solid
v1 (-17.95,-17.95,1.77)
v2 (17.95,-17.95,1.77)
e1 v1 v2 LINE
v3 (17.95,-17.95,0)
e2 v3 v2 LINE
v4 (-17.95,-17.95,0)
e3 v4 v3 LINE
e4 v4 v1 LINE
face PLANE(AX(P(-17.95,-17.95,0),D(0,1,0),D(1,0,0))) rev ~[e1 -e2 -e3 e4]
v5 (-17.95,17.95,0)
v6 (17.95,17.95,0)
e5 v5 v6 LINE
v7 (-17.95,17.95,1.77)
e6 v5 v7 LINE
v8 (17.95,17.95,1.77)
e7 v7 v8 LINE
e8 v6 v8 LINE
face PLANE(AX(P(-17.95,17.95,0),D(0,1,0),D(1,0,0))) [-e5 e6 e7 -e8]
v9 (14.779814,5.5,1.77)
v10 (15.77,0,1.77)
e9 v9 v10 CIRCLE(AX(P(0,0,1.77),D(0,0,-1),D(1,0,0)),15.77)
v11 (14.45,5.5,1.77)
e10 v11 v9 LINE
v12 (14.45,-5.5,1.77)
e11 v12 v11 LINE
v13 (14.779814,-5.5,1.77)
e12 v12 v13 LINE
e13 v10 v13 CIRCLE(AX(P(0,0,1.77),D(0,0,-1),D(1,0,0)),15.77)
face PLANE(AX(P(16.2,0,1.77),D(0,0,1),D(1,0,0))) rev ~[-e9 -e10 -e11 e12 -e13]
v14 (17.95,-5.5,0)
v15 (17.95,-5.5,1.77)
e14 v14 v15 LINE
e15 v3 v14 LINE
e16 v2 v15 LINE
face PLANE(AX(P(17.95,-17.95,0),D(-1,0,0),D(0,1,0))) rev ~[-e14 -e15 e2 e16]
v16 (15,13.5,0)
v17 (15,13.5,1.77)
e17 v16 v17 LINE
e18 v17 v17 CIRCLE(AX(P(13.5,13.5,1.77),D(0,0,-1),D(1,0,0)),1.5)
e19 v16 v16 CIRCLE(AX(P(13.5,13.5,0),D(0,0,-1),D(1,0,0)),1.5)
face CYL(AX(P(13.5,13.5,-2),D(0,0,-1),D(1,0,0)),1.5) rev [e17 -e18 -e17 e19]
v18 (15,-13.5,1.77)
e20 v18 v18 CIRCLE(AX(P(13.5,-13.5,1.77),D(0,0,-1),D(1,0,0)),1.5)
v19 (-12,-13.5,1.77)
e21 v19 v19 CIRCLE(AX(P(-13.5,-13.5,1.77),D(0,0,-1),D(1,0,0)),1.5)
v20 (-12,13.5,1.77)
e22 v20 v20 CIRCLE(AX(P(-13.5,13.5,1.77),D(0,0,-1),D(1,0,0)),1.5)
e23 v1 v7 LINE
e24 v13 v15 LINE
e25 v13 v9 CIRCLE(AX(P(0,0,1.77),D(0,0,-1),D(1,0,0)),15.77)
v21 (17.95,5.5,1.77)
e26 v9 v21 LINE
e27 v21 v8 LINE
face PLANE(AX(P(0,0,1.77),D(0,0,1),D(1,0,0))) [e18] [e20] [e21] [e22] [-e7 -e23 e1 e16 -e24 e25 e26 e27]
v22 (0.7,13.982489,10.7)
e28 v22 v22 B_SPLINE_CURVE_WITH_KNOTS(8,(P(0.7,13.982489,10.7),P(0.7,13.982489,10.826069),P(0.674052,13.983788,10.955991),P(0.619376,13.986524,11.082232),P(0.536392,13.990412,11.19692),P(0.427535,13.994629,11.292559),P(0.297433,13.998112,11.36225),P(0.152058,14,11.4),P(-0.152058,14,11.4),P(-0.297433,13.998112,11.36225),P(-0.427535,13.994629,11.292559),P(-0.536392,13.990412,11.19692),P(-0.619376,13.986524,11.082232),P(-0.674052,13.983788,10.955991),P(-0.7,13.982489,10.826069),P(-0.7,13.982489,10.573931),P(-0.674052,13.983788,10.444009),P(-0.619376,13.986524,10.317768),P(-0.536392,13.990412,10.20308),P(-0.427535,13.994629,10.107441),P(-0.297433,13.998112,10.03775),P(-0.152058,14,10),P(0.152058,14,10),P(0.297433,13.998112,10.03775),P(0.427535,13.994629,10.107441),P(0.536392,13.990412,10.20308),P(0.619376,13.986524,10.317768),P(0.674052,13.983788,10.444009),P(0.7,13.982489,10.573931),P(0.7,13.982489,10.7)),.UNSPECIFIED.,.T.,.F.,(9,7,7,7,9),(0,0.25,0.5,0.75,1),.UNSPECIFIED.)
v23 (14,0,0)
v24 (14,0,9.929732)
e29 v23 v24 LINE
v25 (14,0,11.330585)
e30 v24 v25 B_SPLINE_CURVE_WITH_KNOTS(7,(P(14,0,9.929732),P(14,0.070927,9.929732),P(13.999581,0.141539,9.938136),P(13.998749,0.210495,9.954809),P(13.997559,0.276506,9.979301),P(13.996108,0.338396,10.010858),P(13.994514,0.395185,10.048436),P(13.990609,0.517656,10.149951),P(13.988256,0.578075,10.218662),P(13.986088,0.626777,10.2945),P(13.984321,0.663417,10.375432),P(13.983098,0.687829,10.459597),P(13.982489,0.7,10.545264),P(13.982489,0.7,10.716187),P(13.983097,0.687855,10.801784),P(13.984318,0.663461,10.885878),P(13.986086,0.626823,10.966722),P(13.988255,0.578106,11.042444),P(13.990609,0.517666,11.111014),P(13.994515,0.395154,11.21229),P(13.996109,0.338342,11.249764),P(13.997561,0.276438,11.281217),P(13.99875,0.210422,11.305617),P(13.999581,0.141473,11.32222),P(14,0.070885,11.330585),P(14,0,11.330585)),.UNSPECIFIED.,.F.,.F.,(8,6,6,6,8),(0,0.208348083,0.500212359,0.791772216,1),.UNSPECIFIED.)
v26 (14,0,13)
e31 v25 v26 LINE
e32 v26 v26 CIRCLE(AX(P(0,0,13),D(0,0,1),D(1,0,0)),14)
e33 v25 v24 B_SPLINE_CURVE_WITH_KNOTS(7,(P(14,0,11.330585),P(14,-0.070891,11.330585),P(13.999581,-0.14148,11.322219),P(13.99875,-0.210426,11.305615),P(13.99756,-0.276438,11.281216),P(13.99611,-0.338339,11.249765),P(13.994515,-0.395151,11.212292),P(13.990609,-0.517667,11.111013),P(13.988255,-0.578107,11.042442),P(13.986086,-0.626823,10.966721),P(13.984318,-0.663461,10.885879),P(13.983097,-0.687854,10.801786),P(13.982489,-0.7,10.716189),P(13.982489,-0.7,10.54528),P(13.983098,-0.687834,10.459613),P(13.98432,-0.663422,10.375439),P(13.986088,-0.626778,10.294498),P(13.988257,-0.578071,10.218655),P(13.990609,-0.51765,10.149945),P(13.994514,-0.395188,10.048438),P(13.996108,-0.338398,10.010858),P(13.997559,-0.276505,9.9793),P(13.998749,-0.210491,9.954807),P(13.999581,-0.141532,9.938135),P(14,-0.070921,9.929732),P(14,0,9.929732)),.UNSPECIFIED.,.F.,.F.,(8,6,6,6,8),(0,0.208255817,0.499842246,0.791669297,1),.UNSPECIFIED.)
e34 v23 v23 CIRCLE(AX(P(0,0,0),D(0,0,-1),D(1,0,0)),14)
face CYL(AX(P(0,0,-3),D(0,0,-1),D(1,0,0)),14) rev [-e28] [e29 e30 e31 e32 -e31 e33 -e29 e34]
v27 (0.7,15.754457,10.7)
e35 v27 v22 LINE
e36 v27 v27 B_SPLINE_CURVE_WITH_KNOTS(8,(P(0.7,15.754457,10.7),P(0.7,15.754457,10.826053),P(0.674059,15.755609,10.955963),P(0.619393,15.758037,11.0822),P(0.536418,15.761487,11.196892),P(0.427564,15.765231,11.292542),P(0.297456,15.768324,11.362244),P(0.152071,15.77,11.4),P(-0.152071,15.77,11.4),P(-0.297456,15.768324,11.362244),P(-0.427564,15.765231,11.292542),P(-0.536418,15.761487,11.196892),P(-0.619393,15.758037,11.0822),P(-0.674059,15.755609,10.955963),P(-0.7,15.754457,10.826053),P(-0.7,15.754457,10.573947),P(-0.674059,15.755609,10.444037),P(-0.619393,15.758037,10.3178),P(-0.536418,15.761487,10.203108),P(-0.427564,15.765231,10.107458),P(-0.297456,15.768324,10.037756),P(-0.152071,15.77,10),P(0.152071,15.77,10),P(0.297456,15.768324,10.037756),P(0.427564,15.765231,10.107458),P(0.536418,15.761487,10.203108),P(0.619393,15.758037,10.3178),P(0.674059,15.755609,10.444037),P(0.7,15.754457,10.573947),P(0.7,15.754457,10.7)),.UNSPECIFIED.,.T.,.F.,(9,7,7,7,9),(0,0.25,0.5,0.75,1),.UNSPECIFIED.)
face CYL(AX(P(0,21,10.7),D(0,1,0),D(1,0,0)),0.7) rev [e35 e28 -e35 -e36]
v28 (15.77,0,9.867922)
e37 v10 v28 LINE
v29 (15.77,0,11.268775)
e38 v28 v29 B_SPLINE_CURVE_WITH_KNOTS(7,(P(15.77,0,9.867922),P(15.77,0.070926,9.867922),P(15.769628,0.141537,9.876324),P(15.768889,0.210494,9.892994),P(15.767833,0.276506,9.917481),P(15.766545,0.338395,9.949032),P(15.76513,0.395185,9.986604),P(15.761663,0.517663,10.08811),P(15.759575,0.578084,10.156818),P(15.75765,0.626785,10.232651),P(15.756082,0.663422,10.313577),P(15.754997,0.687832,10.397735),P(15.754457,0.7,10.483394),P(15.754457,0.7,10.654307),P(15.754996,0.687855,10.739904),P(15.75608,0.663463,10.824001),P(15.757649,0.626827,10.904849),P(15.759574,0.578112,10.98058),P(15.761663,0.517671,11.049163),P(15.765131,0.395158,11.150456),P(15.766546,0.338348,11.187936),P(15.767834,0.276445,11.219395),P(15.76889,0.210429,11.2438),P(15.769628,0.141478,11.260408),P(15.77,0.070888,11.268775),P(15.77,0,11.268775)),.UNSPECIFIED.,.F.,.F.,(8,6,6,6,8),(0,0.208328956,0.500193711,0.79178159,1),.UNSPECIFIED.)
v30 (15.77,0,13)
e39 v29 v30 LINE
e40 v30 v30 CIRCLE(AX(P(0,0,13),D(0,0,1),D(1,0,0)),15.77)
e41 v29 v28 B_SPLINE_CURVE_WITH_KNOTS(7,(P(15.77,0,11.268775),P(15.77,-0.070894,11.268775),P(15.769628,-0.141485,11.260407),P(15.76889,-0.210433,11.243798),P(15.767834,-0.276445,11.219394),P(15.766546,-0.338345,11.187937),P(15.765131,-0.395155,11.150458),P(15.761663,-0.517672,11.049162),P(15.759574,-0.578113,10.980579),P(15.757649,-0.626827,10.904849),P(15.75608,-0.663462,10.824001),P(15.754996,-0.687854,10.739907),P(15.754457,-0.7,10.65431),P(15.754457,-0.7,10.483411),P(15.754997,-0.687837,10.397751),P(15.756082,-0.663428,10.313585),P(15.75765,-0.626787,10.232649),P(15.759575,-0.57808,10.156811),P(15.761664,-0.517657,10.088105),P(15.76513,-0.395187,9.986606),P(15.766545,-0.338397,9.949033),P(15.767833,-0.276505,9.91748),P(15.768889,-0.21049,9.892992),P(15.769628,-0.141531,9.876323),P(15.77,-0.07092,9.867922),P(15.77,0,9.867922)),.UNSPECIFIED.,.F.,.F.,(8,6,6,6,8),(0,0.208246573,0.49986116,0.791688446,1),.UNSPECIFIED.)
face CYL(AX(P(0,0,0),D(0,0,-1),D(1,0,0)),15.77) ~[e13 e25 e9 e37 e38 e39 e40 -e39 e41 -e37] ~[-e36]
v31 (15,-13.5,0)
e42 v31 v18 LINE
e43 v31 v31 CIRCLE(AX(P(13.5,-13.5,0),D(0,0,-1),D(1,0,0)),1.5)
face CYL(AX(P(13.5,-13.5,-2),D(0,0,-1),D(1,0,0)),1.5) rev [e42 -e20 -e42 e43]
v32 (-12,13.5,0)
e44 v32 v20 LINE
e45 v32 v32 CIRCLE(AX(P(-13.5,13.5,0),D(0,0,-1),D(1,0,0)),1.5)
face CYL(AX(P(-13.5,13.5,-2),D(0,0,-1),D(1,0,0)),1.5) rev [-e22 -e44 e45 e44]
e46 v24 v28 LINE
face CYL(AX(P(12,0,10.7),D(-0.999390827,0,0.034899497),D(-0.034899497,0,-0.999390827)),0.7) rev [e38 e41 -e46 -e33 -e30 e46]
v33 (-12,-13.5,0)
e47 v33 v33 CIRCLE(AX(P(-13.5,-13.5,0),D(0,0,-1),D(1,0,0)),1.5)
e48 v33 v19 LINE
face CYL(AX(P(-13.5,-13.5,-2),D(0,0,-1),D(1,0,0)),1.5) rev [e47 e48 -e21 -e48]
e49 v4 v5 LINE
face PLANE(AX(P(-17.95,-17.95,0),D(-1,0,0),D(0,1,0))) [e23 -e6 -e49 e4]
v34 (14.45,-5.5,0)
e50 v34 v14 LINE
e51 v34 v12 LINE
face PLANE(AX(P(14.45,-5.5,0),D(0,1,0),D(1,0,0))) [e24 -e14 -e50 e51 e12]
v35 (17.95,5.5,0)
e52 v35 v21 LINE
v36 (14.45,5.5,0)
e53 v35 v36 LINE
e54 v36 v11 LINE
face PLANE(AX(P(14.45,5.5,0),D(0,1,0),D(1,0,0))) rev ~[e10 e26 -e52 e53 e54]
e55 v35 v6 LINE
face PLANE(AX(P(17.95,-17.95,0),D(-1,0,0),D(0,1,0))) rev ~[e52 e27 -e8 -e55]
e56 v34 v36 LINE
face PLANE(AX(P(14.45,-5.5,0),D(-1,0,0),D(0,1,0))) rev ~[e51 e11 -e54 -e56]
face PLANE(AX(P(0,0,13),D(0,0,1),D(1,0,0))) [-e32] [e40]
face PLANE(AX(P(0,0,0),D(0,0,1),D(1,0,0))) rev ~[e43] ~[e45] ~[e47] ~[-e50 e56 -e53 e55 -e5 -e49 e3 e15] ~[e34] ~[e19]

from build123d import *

# Parameters (mm, degrees)
BOX001_W                    = 3.5
BOX001_H                    = 11
BOX001_DEPTH                = 1.77
CYLINDER002_R               = 0.7
CYLINDER002_DEPTH           = 10
CYLINDER002_PLACEMENT_ANGLE = 92
CYLINDER007_R               = 0.7
CYLINDER007_DEPTH           = 10
CYLINDER007_ROLL_ANGLE      = 90
CYLINDER_R                  = 14
CYLINDER_DEPTH              = 13
THICKNESS_T                 = 1.77
CYLINDER003_R               = 1.5
CYLINDER003_DEPTH           = 10
CYLINDER004_R               = 1.5
CYLINDER004_DEPTH           = 10
CYLINDER005_R               = 1.5
CYLINDER005_DEPTH           = 10
CYLINDER006_R               = 1.5
CYLINDER006_DEPTH           = 10
CYLINDER001_R               = 14
CYLINDER001_DEPTH           = 10
BOX_W                       = 35.9
BOX_H                       = 35.9
BOX_DEPTH                   = 1.77


with BuildPart() as cube001:
    # Box001 → Box001 (new body)
    with BuildSketch(Plane(origin=(14.45, -5.5, 0), x_dir=(1, 0, 0), z_dir=(0, 0, 1))):
        with Locations((1.75, 5.5)):
            Rectangle(BOX001_W, BOX001_H)
    extrude(amount=BOX001_DEPTH)


with BuildPart() as cylinder002:
    # Cylinder002 → Cylinder002 (new body)
    with BuildSketch(Plane.XY):
        Circle(CYLINDER002_R)
    extrude(amount=CYLINDER002_DEPTH)


with BuildPart() as cylinder002_1:
    # Cylinder002 placement: moved
    add(cylinder002.part.moved(Location((12, 0, 10.7))).rotate(Axis((12, 0, 10.7), (0, 1, 0)), CYLINDER002_PLACEMENT_ANGLE))


with BuildPart() as cylinder007:
    # Cylinder007 → Cylinder007 (new body)
    with BuildSketch(Plane.XY):
        Circle(CYLINDER007_R)
    extrude(amount=CYLINDER007_DEPTH)


with BuildPart() as cylinder007_1:
    # Cylinder007 roll: moved
    add(cylinder007.part.rotate(Axis((0, 0, 0), (1, 0, 0)), CYLINDER007_ROLL_ANGLE))


with BuildPart() as cylinder007_2:
    # Cylinder007 placement: moved
    add(cylinder007_1.part.moved(Location((0, 21, 10.7))))


with BuildPart() as lens_conduit:
    # Cylinder → Cylinder (new body)
    with BuildSketch(Plane.XY):
        Circle(CYLINDER_R)
    extrude(amount=CYLINDER_DEPTH)

    # Thickness
    thickness_openings = [lens_conduit.faces().sort_by_distance(p)[0] for p in [
        (0, 0, 13),
        (0, 0, 0),
    ]]
    offset(amount=THICKNESS_T, openings=thickness_openings)

    # Cut005: cut Cylinder007
    add(cylinder007_2.part, mode=Mode.SUBTRACT)

    # Cut006: cut Cylinder002
    add(cylinder002_1.part, mode=Mode.SUBTRACT)

    # Cut008: cut Cube001
    add(cube001.part, mode=Mode.SUBTRACT)


with BuildPart() as cylinder003:
    # Cylinder003 → Cylinder003 (new body)
    with BuildSketch(Plane(origin=(13.5, 13.5, -2), x_dir=(1, 0, 0), z_dir=(0, 0, 1))):
        Circle(CYLINDER003_R)
    extrude(amount=CYLINDER003_DEPTH)


with BuildPart() as cylinder004:
    # Cylinder004 → Cylinder004 (new body)
    with BuildSketch(Plane(origin=(13.5, -13.5, -2), x_dir=(1, 0, 0), z_dir=(0, 0, 1))):
        Circle(CYLINDER004_R)
    extrude(amount=CYLINDER004_DEPTH)


with BuildPart() as cylinder005:
    # Cylinder005 → Cylinder005 (new body)
    with BuildSketch(Plane(origin=(-13.5, 13.5, -2), x_dir=(1, 0, 0), z_dir=(0, 0, 1))):
        Circle(CYLINDER005_R)
    extrude(amount=CYLINDER005_DEPTH)


with BuildPart() as cylinder006:
    # Cylinder006 → Cylinder006 (new body)
    with BuildSketch(Plane(origin=(-13.5, -13.5, -2), x_dir=(1, 0, 0), z_dir=(0, 0, 1))):
        Circle(CYLINDER006_R)
    extrude(amount=CYLINDER006_DEPTH)


with BuildPart() as cylinder001:
    # Cylinder001 → Cylinder001 (new body)
    with BuildSketch(Plane.XY.offset(-3)):
        Circle(CYLINDER001_R)
    extrude(amount=CYLINDER001_DEPTH)


with BuildPart() as fusion:
    # Box → Box (new body)
    with BuildSketch(Plane(origin=(-17.95, -17.95, 0), x_dir=(1, 0, 0), z_dir=(0, 0, 1))):
        with Locations((17.95, 17.95)):
            Rectangle(BOX_W, BOX_H)
    extrude(amount=BOX_DEPTH)

    # Cut: cut Cylinder001
    add(cylinder001.part, mode=Mode.SUBTRACT)

    # Cut001: cut Cylinder006
    add(cylinder006.part, mode=Mode.SUBTRACT)

    # Cut002: cut Cylinder005
    add(cylinder005.part, mode=Mode.SUBTRACT)

    # Cut003: cut Cylinder004
    add(cylinder004.part, mode=Mode.SUBTRACT)

    # Cut004: cut Cylinder003
    add(cylinder003.part, mode=Mode.SUBTRACT)

    # Cut007: cut Cube001
    add(cube001.part, mode=Mode.SUBTRACT)

    # Fusion: union lens_conduit
    add(lens_conduit.part)


solid = fusion.part
